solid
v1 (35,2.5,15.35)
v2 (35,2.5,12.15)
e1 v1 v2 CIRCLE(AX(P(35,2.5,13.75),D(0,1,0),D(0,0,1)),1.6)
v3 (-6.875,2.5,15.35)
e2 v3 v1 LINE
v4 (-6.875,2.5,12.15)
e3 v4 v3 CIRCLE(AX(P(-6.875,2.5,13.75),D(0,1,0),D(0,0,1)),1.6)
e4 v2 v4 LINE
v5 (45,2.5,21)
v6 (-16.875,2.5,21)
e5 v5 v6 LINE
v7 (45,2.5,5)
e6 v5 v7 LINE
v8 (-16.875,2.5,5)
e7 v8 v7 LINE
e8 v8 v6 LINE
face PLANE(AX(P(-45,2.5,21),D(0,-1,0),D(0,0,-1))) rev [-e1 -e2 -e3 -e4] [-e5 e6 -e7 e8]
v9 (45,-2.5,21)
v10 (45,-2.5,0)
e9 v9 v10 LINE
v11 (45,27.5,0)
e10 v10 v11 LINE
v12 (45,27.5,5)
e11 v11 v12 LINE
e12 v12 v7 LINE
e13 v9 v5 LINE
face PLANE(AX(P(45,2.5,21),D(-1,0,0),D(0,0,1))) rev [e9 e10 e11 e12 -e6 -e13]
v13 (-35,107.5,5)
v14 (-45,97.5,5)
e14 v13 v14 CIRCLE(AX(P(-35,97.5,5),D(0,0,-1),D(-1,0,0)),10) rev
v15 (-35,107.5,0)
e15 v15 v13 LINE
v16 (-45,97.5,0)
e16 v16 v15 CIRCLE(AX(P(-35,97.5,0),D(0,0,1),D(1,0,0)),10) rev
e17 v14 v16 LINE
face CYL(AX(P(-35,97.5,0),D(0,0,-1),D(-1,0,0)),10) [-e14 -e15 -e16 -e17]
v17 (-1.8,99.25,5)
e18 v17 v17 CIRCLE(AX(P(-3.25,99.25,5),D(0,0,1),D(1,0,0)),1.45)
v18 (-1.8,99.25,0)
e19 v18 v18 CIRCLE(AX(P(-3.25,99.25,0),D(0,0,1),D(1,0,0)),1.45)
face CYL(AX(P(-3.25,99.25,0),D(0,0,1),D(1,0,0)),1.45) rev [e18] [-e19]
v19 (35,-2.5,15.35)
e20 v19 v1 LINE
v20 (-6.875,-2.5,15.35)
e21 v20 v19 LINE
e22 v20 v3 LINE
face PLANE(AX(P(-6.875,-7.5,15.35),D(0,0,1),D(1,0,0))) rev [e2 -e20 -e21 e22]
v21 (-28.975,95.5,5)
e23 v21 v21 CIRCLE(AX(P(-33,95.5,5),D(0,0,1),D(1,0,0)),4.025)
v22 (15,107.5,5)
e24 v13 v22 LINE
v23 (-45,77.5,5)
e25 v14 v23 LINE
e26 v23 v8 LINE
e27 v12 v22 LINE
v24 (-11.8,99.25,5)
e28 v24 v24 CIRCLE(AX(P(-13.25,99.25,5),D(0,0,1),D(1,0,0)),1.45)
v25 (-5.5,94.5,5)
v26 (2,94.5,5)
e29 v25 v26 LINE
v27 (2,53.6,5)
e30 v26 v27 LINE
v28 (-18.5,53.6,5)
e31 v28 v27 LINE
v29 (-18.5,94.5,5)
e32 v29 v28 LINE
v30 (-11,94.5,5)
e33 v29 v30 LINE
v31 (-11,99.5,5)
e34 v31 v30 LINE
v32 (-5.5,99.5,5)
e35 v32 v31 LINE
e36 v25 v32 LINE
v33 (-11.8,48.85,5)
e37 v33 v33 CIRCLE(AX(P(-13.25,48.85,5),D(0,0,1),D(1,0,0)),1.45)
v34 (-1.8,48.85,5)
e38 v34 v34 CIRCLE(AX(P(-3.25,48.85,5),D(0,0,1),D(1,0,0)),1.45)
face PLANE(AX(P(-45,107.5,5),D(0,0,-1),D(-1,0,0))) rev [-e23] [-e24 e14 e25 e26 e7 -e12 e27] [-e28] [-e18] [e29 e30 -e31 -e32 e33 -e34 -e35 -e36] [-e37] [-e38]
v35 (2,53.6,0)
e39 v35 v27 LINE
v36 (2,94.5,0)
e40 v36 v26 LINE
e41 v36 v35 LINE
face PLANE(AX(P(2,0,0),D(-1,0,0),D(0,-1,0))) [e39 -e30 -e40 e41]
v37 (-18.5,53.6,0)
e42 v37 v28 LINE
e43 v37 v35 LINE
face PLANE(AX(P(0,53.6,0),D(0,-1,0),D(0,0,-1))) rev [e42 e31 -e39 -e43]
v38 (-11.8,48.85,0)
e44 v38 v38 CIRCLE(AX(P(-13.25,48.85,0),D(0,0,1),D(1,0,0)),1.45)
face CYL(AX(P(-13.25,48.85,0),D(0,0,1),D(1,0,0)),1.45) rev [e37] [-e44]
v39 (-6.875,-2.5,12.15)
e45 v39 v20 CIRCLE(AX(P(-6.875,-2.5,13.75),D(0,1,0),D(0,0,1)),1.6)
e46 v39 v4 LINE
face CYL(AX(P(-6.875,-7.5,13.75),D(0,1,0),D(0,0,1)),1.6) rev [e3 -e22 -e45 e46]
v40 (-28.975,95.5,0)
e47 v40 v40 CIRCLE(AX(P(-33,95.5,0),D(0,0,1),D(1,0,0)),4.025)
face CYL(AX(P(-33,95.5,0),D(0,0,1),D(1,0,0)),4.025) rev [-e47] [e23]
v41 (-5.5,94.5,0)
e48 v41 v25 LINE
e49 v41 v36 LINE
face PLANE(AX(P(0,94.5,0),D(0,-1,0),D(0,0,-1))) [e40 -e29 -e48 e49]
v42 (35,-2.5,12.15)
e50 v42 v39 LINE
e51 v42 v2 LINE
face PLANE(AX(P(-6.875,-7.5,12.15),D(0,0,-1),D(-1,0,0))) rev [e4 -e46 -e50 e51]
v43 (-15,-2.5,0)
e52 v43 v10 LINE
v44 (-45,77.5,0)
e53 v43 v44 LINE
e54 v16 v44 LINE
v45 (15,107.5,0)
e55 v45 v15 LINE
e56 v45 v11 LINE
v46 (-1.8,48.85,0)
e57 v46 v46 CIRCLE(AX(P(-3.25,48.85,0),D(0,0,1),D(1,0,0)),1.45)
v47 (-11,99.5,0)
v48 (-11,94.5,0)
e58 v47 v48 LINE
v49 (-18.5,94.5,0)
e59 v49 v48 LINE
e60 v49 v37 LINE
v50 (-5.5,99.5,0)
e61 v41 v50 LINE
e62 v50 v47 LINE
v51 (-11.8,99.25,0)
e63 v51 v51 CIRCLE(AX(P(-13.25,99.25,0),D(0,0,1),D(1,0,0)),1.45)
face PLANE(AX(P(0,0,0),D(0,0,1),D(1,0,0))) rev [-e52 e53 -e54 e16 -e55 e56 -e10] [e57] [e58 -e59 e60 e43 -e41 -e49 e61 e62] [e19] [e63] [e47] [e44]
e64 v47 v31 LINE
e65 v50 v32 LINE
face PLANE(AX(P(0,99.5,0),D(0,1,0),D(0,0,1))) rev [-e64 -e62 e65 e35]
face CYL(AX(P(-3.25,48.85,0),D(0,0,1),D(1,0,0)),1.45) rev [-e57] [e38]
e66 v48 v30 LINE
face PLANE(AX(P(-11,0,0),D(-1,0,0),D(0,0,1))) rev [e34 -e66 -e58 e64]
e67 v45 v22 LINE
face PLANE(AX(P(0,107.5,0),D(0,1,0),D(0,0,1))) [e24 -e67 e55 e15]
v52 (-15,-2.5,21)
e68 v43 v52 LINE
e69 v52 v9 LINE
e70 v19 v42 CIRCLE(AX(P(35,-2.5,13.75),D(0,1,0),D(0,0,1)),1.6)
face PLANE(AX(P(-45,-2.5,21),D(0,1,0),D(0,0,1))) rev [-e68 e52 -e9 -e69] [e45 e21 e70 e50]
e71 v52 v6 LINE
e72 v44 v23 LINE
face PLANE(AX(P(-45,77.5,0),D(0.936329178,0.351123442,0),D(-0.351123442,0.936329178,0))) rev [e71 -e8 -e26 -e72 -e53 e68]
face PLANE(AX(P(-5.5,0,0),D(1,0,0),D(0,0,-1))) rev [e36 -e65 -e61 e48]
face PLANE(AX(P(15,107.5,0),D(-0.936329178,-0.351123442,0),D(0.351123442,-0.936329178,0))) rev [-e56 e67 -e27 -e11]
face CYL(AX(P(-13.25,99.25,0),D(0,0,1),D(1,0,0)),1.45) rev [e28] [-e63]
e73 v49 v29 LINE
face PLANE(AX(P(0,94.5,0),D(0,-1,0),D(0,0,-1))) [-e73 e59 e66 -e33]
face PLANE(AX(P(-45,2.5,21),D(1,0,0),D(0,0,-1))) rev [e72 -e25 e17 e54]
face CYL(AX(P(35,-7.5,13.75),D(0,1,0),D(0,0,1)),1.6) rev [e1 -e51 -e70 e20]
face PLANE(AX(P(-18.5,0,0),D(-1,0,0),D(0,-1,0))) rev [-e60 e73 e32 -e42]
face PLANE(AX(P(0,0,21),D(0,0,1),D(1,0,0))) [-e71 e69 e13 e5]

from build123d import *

# Parameters (mm, degrees)
SKETCH2_W           = 90
SKETCH2_H           = 5
BOSS_EXTRUDE1_DEPTH = 21
SKETCH3_W           = 90
SKETCH3_H           = 5
BOSS_EXTRUDE2_DEPTH = 105
FILLET1_R           = 10
SKETCH4_R           = 4.025
CUT_EXTRUDE1_DEPTH  = 118.631840928
CUT_EXTRUDE2_DEPTH  = 119.415581745
SKETCH7_R           = 1.45
CUT_EXTRUDE4_DEPTH  = 5
SKETCH6_W           = 5.5
SKETCH6_H           = 5
SKETCH6_W_2         = 20.5
SKETCH6_H_2         = 40.9
CUT_EXTRUDE3_DEPTH  = 118.631840928
CUT_EXTRUDE5_DEPTH  = 10


with BuildPart() as part:
    # Sketch2 → Boss-Extrude1 (new body)
    with BuildSketch(Plane.XY):
        Rectangle(SKETCH2_W, SKETCH2_H)
    extrude(amount=BOSS_EXTRUDE1_DEPTH)

    # Sketch3 → Boss-Extrude2 (add)
    with BuildSketch(Plane(origin=(0, 2.5, 0), x_dir=(1, 0, 0), z_dir=(0, 1, 0))):
        with Locations((0, -2.5)):
            Rectangle(SKETCH3_W, SKETCH3_H)
    extrude(amount=BOSS_EXTRUDE2_DEPTH)

    # Fillet1
    fillet1_edges = [part.edges().sort_by_distance(p)[0] for p in [
        (-45, 107.5, 2.5),
    ]]
    fillet(fillet1_edges, radius=FILLET1_R)

    # Sketch4 → Cut-Extrude1 (cut, through all)
    with BuildSketch(Plane.XY.offset(5)):
        with Locations((-33, 95.5)):
            Circle(SKETCH4_R)
    extrude(amount=-CUT_EXTRUDE1_DEPTH, mode=Mode.SUBTRACT)

    # Sketch5 → Cut-Extrude2 (cut, through all)
    with BuildSketch(Plane.XY.offset(21)):
        Polygon((-45, 77.5), (-15, -2.5), (-45, -2.5), align=None)
        Polygon((15, 107.5), (45, 27.5), (45, 107.5), align=None)
    extrude(amount=-CUT_EXTRUDE2_DEPTH, mode=Mode.SUBTRACT)

    # Sketch7 → Cut-Extrude4 (cut)
    with BuildSketch(Plane.XY.offset(5)):
        with Locations((-13.25, 48.85)):
            Circle(SKETCH7_R)
        with Locations((-3.25, 48.85)):
            Circle(SKETCH7_R)
        with Locations((-3.25, 99.25)):
            Circle(SKETCH7_R)
        with Locations((-13.25, 99.25)):
            Circle(SKETCH7_R)
    extrude(amount=-CUT_EXTRUDE4_DEPTH, mode=Mode.SUBTRACT)

    # Sketch6 → Cut-Extrude3 (cut, through all)
    with BuildSketch(Plane.XY.offset(5)):
        with Locations((-8.25, 97)):
            Rectangle(SKETCH6_W, SKETCH6_H)
        with Locations((-8.25, 74.05)):
            Rectangle(SKETCH6_W_2, SKETCH6_H_2)
    extrude(amount=-CUT_EXTRUDE3_DEPTH, mode=Mode.SUBTRACT)

    # Sketch8 → Cut-Extrude5 (cut)
    with BuildSketch(Plane(origin=(0, 2.5, 0), x_dir=(1, 0, 0), z_dir=(0, 1, 0))):
        with BuildLine():
            Line((-6.875, -12.15), (35, -12.15))
            ThreePointArc((35, -12.15), (36.6, -13.75), (35, -15.35))
            Line((35, -15.35), (-6.875, -15.35))
            ThreePointArc((-6.875, -15.35), (-8.475, -13.75), (-6.875, -12.15))
        make_face()
    extrude(amount=-CUT_EXTRUDE5_DEPTH, mode=Mode.SUBTRACT)


solid = part.part
